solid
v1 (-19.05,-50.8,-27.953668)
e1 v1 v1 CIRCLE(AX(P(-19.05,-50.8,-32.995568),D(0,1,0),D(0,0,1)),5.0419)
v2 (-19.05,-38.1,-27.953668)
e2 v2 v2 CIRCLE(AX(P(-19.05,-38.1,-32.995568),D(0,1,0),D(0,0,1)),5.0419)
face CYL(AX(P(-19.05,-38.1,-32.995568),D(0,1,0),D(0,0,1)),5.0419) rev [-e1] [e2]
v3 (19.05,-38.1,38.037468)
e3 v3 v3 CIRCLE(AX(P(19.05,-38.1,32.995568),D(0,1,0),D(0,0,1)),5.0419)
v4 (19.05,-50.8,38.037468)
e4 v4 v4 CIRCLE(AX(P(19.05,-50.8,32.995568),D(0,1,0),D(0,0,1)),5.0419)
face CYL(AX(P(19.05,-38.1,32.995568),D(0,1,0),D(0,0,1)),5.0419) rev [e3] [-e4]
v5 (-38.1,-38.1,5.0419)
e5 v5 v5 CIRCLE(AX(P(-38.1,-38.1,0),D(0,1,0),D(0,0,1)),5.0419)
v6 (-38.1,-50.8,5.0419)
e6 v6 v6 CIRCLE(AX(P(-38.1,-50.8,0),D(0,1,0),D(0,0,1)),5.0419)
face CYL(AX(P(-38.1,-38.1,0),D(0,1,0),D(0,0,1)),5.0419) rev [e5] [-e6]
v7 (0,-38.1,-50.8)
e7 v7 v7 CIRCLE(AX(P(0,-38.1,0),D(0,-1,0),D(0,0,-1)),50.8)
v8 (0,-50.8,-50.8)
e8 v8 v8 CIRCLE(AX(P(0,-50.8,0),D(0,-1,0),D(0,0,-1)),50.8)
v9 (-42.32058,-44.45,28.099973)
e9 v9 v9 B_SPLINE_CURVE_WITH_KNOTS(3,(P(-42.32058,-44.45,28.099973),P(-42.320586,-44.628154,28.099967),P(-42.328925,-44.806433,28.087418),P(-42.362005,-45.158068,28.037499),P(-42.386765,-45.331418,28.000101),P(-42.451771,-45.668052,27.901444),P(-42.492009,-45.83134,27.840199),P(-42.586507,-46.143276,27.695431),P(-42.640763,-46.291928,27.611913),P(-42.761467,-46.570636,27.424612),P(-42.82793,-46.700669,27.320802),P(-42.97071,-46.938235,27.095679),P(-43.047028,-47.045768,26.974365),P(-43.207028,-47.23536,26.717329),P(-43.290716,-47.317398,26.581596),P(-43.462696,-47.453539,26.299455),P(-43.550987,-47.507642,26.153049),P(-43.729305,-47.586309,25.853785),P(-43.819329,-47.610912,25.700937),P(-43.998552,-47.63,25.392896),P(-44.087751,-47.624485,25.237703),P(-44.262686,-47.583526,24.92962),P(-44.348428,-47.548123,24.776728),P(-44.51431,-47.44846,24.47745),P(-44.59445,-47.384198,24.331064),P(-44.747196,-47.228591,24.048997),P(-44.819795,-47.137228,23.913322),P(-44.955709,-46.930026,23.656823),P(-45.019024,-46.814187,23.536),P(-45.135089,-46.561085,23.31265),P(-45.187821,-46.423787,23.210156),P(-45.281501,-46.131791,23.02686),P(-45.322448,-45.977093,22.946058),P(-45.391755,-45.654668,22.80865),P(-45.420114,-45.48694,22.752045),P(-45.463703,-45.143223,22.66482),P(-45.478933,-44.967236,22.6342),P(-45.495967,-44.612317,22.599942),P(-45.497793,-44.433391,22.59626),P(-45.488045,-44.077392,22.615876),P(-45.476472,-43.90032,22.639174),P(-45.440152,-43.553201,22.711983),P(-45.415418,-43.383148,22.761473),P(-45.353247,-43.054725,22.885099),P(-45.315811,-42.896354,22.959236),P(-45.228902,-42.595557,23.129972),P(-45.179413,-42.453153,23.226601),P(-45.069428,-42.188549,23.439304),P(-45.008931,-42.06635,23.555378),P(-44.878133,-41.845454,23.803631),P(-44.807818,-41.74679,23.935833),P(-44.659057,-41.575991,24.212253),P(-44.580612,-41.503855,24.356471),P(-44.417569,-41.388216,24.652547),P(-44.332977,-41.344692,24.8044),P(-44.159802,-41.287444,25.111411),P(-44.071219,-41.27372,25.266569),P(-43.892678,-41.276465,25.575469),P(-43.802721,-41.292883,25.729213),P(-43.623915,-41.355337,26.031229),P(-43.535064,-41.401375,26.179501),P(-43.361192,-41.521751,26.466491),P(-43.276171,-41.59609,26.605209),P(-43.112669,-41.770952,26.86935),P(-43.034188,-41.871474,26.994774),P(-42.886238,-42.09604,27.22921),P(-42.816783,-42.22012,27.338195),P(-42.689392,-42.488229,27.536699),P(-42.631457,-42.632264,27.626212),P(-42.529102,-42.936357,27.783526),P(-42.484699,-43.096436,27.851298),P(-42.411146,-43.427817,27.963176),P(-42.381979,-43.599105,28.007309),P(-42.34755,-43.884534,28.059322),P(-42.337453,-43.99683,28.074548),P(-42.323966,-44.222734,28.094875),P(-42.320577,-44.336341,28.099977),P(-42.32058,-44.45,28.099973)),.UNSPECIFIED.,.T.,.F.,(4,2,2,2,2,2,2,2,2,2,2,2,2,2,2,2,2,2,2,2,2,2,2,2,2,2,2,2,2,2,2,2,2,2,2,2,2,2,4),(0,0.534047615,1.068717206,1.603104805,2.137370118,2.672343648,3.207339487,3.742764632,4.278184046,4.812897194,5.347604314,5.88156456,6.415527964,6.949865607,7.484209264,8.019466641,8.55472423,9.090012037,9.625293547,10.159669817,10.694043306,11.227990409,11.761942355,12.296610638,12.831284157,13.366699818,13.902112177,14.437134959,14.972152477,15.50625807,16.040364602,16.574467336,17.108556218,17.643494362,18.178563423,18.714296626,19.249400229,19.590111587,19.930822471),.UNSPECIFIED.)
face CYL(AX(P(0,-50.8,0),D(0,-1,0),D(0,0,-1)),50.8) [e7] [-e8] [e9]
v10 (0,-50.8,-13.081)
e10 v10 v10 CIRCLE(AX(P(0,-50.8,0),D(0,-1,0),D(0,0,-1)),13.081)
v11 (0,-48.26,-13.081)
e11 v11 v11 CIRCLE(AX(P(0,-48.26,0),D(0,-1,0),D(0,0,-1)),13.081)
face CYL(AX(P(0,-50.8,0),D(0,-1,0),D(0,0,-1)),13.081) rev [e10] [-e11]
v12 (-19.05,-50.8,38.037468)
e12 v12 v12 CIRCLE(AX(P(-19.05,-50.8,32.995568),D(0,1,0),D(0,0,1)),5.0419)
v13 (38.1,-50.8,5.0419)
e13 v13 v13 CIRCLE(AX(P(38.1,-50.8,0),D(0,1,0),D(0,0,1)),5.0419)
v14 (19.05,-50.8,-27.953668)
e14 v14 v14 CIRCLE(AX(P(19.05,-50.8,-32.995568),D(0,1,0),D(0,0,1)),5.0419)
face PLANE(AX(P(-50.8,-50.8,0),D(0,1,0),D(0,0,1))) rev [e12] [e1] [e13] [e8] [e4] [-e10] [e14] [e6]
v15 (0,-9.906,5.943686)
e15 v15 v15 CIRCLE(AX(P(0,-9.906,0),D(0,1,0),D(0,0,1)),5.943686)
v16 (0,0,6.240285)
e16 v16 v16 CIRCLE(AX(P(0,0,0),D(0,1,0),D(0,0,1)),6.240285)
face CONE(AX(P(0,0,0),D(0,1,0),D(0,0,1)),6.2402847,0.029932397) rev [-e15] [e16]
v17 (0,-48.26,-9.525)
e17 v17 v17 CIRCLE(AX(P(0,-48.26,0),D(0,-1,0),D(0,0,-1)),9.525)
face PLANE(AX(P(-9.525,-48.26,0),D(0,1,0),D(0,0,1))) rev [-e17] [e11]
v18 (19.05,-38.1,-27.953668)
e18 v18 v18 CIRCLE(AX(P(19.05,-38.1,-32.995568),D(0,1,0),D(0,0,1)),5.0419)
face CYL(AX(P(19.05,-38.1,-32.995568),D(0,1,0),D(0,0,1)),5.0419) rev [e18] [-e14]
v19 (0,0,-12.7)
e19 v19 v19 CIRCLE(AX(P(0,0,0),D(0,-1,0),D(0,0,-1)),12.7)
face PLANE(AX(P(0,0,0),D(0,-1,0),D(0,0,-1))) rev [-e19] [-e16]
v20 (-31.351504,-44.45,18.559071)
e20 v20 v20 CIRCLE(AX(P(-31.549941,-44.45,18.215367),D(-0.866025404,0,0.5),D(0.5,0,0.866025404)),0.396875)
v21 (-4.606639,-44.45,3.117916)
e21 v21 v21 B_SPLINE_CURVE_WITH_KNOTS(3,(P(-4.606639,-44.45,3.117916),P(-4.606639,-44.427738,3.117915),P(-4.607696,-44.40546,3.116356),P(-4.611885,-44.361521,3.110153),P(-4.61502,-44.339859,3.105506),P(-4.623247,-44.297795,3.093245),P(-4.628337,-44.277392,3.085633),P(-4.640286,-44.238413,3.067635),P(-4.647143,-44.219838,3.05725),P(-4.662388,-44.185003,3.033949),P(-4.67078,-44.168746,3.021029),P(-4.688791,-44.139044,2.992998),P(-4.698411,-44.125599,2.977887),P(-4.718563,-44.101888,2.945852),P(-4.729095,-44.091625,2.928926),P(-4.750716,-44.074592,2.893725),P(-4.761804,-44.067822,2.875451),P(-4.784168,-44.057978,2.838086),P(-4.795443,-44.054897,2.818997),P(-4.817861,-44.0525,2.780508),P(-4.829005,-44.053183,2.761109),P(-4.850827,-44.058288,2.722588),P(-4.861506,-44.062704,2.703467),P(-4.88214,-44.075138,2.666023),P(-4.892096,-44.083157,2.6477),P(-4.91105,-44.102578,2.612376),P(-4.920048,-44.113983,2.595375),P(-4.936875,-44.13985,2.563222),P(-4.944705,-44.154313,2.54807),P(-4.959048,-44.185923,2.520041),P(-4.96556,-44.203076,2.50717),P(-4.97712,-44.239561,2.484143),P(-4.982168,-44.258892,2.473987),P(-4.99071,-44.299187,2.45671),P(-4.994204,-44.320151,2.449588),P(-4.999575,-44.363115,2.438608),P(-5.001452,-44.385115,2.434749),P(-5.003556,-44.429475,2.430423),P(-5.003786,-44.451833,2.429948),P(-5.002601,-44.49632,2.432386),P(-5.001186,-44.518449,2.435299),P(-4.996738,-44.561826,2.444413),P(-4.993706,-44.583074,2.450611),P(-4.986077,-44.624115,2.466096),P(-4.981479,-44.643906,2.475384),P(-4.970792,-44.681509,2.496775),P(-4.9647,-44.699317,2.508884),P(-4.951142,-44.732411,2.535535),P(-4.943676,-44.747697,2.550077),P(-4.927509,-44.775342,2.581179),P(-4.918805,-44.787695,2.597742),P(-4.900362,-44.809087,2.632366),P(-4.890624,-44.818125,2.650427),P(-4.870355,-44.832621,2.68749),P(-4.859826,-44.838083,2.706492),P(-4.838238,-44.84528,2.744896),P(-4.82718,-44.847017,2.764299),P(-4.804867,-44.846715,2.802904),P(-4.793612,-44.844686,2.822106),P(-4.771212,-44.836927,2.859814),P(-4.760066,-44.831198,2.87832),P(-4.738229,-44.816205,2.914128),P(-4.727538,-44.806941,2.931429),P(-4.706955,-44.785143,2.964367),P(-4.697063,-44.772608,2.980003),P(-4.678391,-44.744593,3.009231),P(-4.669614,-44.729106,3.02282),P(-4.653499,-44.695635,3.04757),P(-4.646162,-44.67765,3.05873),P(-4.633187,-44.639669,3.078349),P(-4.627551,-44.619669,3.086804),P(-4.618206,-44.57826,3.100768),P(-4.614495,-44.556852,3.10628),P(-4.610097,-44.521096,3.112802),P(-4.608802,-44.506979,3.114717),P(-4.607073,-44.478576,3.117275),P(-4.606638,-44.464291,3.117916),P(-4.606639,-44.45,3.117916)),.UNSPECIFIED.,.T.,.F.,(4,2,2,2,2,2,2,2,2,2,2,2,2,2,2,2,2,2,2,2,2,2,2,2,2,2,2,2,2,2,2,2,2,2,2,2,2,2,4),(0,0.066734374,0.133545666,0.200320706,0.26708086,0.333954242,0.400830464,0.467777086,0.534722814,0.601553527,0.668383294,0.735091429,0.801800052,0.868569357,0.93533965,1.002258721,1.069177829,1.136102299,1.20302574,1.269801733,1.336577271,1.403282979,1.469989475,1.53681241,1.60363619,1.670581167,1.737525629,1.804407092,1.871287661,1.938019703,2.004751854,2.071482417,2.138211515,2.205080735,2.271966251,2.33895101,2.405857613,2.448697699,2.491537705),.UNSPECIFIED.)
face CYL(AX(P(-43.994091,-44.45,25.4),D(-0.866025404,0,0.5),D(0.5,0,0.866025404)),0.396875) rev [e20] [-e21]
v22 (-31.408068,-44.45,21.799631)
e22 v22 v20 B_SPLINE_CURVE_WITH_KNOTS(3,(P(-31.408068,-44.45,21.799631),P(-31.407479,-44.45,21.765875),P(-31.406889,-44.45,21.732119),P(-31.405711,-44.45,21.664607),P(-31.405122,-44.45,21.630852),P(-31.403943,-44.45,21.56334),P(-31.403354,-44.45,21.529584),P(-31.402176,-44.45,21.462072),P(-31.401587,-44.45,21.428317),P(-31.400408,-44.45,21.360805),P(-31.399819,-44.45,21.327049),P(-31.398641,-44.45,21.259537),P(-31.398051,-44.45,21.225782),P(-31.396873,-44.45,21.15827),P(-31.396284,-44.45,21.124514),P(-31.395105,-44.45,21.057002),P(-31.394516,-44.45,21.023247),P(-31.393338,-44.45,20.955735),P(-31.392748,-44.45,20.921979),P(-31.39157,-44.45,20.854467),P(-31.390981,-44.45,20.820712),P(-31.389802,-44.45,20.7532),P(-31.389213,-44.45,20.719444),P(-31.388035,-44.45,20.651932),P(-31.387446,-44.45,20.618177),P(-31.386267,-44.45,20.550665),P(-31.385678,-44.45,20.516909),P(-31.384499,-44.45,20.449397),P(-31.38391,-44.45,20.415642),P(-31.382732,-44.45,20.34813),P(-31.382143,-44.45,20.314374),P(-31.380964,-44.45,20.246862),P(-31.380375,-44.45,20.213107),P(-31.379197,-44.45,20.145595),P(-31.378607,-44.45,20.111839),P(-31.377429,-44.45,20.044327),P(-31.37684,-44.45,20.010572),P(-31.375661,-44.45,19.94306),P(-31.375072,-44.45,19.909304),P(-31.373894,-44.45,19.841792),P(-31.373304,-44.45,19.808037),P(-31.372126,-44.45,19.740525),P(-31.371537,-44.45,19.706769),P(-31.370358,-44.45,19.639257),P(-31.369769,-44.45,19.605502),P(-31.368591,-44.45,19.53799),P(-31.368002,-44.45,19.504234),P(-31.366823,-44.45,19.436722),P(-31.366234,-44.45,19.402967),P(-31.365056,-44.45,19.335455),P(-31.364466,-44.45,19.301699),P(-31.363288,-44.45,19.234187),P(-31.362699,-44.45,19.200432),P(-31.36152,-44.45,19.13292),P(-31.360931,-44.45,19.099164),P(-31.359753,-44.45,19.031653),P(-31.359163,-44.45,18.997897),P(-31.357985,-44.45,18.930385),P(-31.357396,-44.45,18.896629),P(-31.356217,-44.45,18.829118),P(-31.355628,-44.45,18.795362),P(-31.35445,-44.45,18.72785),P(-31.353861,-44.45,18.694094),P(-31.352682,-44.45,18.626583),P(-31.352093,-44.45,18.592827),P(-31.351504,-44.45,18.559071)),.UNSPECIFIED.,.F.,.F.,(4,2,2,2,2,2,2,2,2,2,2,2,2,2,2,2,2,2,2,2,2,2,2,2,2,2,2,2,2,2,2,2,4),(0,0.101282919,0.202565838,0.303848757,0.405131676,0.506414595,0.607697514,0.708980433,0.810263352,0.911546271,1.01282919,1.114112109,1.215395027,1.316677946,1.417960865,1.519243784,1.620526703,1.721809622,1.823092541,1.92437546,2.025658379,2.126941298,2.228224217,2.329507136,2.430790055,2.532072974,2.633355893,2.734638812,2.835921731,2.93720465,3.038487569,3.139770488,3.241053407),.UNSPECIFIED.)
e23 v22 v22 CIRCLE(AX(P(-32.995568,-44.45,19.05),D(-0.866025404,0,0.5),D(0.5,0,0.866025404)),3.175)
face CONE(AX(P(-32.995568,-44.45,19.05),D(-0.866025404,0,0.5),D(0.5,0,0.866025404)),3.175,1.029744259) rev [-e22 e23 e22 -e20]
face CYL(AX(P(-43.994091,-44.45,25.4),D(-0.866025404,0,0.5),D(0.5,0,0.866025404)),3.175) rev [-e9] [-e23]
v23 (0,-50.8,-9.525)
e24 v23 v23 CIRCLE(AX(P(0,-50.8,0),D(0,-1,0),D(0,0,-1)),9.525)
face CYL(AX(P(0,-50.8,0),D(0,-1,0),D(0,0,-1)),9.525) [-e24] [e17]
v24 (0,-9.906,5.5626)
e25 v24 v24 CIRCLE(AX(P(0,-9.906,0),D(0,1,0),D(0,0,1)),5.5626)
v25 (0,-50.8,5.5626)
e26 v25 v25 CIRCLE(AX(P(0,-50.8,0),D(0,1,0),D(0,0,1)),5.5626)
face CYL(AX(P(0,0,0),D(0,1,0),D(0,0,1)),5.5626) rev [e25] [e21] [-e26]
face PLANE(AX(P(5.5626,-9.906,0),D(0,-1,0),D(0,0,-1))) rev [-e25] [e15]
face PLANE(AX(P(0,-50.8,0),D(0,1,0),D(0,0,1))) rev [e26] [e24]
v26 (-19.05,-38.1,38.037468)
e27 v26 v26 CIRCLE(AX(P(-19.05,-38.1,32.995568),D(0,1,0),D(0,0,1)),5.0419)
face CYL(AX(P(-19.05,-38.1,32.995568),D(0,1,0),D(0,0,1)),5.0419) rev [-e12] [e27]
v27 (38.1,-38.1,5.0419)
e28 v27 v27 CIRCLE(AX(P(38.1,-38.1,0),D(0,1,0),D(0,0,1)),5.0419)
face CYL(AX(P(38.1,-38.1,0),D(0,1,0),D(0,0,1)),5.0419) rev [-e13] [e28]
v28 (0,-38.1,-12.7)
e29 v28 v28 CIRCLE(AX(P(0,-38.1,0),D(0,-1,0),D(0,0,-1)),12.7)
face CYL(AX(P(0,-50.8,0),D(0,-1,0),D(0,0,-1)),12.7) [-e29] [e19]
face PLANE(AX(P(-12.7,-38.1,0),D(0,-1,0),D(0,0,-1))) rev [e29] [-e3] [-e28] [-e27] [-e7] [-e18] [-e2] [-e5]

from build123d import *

# Parameters (mm, degrees)
F_3_8_CLEARANCE_HOLE1_D              = 10.0838
CIRPATTERN1_COUNT                    = 6
F_1_32_0_03125_DIAMETER_HOLE1_REACH  = 133.807
F_1_32_0_03125_DIAMETER_HOLE1_BORE_R = 0.396875
F_1_4_0_25_DIAMETER_HOLE1_D          = 6.35
F_1_4_0_25_DIAMETER_HOLE1_DEPTH      = 12.7
F_1_4_0_25_DIAMETER_HOLE1_TIP        = 1.907732465


with BuildPart() as part:
    # Sketch1 → Revolve1 (revolve)
    with BuildSketch(Plane.XY, mode=Mode.PRIVATE) as revolve1_sk:
        Polygon((0, 0), (-12.7, 0), (-12.7, -38.1), (-50.8, -38.1), (-50.8, -50.8), (-13.081, -50.8), (-13.081, -48.26), (-9.525, -48.26), (-9.525, -50.8), (0, -50.8), align=None)
    revolve(revolve1_sk.sketch.rotate(Axis((0, -50.8, 0), (0, 1, 0)), 270), axis=Axis((0, -50.8, 0), (0, 1, 0)))

    # Sketch4 → 1/4 NPT Tapped Hole1 (revolve, cut)
    with BuildSketch(Plane(origin=(0, 0, 0), x_dir=(0, 0, 1), z_dir=(1, 0, 0))):
        Polygon((0, 0), (0, 50.8), (5.5626, 50.8), (5.5626, 9.906), (5.943685794, 9.906), (6.2402847, 0), align=None)
    revolve(axis=Axis((0, 6.35, 0), (0, -1, 0)), mode=Mode.SUBTRACT)

    # 3/8 Clearance Hole1 (through all)
    with Locations(Plane(origin=(0, -38.1, 0), x_dir=(1, 0, 0), z_dir=(0, 1, 0))):
        with Locations((38.1, 0)):
            f_3_8_clearance_hole1 = Hole(F_3_8_CLEARANCE_HOLE1_D / 2)

    # CirPattern1: 3/8 Clearance Hole1 ×6 about axis
    cirpattern1_axis = Axis((0, 0, 0), (0, 1, 0))
    for i in range(1, CIRPATTERN1_COUNT):
        add(f_3_8_clearance_hole1.rotate(cirpattern1_axis, i * 360 / CIRPATTERN1_COUNT), mode=Mode.SUBTRACT)

    # 1/32 (0.03125) Diameter Hole1 bore → 1/32 (0.03125) Diameter Hole1 (cut, up to next)
    with BuildSketch(Plane(origin=(-43.994090512, 0, 25.4), x_dir=(0, -1, 0), z_dir=(-0.8660254037844398, 0, 0.499999999999998)), mode=Mode.PRIVATE) as f_1_32_0_03125_diameter_hole1_sk1:
        with Locations((44.45, 0)):
            Circle(F_1_32_0_03125_DIAMETER_HOLE1_BORE_R)
    f_1_32_0_03125_diameter_hole1_tool1 = extrude(f_1_32_0_03125_diameter_hole1_sk1.sketch, amount=-F_1_32_0_03125_DIAMETER_HOLE1_REACH, mode=Mode.PRIVATE) & part.part
    add(f_1_32_0_03125_diameter_hole1_tool1.solids().sort_by_distance((-43.994091, -44.45, 25.4))[0], mode=Mode.SUBTRACT)

    # 1/4 (0.25) Diameter Hole1
    with Locations(Plane(origin=(-43.994090512, 0, 25.4), x_dir=(0, -1, 0), z_dir=(-0.8660254037844398, 0, 0.499999999999998))):
        with Locations((44.45, 0)):
            Hole(F_1_4_0_25_DIAMETER_HOLE1_D / 2, depth=F_1_4_0_25_DIAMETER_HOLE1_DEPTH)
            with Locations((0, 0, -(F_1_4_0_25_DIAMETER_HOLE1_DEPTH + F_1_4_0_25_DIAMETER_HOLE1_TIP / 2))):  # 118° drill point
                Cone(0, F_1_4_0_25_DIAMETER_HOLE1_D / 2, F_1_4_0_25_DIAMETER_HOLE1_TIP, mode=Mode.SUBTRACT)


solid = part.part
